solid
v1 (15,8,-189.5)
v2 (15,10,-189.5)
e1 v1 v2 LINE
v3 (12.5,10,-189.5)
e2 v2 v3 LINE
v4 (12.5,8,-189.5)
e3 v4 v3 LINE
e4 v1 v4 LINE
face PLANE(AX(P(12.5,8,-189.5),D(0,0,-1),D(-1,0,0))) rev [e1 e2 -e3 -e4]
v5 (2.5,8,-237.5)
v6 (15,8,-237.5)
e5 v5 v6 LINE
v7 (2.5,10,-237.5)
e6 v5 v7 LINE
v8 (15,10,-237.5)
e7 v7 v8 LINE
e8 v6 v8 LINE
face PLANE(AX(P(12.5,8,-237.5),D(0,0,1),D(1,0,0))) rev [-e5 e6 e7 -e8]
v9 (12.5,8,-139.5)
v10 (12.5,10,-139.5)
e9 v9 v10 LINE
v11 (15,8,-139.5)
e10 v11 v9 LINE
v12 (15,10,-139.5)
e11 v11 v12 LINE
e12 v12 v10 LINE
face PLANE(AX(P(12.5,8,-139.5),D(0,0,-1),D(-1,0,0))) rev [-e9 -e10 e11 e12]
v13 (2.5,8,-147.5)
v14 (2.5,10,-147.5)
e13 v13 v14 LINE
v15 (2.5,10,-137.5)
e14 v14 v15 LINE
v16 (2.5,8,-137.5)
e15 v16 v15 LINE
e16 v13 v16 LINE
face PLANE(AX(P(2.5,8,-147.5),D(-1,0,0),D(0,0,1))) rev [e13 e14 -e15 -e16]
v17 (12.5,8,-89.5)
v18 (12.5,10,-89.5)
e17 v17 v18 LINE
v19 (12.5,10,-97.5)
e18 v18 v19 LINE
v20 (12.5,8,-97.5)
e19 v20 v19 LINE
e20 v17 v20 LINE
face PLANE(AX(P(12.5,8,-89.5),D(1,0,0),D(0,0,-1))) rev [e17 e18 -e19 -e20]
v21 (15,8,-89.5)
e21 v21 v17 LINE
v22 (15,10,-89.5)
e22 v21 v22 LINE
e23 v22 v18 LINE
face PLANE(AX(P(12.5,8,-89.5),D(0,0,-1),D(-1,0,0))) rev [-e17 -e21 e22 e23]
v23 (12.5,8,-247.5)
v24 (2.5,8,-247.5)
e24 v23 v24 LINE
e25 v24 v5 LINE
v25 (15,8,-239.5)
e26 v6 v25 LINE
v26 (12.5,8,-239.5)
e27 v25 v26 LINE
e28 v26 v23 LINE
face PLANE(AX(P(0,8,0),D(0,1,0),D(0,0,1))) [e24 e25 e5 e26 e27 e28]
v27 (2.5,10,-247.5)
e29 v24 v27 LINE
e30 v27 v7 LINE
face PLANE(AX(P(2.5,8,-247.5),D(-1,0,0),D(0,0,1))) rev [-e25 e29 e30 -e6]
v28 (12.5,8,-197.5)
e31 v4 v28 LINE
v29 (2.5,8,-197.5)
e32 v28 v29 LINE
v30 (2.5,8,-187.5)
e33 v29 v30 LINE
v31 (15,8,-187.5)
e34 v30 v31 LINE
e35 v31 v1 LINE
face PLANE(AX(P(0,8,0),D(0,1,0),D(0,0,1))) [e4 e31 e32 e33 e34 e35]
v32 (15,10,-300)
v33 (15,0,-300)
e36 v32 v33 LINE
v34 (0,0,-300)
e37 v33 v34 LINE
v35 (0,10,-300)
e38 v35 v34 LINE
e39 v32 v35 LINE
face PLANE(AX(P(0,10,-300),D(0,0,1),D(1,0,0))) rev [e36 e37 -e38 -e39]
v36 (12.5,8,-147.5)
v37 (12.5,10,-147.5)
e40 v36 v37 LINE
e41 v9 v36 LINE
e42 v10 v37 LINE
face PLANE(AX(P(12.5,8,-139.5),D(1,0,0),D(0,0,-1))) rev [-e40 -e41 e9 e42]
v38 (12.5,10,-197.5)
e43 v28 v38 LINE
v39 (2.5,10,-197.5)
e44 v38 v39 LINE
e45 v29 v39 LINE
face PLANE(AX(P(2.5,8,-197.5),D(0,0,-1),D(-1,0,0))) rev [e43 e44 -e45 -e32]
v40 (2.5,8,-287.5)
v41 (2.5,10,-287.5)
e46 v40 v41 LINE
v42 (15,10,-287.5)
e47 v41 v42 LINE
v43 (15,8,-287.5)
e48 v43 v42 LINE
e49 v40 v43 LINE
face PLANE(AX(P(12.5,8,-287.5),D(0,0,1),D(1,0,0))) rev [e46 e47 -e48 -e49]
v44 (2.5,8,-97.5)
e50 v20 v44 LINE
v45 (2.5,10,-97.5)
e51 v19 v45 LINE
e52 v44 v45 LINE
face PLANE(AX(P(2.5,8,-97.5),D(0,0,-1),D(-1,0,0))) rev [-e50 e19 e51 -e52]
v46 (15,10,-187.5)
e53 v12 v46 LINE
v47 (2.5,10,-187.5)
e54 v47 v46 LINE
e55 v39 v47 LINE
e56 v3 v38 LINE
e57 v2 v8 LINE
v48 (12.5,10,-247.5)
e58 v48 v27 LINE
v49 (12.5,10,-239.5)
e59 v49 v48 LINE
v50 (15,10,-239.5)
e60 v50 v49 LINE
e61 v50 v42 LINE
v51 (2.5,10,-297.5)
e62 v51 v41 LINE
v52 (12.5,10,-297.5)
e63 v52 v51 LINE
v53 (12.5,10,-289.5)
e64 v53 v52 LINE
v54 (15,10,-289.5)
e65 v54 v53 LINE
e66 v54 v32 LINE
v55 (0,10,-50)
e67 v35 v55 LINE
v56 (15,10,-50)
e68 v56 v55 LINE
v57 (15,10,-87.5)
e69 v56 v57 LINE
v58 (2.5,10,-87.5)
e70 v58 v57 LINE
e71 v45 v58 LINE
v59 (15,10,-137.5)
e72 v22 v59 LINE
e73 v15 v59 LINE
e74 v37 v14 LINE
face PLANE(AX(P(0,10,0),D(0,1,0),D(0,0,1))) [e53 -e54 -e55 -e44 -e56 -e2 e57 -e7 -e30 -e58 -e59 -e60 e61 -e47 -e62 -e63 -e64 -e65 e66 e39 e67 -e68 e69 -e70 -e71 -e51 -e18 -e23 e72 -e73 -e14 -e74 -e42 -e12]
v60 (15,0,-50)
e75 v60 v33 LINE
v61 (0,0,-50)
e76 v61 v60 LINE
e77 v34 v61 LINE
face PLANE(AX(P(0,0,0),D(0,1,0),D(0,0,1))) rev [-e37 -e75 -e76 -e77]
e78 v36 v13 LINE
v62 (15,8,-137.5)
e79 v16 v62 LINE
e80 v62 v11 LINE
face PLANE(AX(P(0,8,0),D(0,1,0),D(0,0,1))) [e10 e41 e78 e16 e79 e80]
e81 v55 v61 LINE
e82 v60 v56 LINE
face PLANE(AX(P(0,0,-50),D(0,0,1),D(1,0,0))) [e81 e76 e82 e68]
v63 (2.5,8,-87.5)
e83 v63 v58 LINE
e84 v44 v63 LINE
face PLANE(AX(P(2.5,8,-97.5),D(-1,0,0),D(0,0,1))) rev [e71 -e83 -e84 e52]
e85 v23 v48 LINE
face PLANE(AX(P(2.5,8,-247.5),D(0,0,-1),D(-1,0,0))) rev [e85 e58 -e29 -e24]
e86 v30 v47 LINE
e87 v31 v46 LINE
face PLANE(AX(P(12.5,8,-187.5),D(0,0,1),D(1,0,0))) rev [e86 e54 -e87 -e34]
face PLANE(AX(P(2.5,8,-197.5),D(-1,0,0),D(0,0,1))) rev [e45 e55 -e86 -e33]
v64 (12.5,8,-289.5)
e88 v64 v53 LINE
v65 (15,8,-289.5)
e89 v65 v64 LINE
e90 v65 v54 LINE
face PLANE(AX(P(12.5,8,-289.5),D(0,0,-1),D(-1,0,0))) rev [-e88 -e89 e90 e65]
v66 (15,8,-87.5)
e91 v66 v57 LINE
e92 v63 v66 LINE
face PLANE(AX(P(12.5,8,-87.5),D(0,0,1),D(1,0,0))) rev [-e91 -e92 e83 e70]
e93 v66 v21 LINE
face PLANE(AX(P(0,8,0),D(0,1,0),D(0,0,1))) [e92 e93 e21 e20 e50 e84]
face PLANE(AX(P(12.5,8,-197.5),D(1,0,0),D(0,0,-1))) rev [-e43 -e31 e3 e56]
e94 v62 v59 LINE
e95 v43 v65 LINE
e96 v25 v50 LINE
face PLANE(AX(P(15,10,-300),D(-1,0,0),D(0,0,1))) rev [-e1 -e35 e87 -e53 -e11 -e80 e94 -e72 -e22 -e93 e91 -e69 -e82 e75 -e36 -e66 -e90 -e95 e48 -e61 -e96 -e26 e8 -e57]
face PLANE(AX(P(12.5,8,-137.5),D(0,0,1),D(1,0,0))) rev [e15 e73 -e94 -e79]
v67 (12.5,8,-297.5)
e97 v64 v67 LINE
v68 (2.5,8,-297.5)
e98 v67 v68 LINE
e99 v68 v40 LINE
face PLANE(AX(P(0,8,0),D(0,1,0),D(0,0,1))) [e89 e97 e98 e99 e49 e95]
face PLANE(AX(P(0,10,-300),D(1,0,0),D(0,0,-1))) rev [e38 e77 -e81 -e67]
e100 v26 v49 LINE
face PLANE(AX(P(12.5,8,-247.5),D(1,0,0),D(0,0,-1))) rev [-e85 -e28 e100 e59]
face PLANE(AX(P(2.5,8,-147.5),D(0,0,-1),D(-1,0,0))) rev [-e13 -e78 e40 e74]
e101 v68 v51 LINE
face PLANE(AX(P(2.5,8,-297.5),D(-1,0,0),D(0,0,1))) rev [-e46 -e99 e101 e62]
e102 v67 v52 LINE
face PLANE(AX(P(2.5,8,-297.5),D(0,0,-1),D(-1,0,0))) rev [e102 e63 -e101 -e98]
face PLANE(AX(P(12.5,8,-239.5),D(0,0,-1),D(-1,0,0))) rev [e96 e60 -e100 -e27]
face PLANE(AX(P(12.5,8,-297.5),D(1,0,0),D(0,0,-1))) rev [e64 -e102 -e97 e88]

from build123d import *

# Parameters (mm, degrees)
SKETCH1_W           = 15
SKETCH1_H           = 300
BOSS_EXTRUDE1_DEPTH = 10
CUT_EXTRUDE2_DEPTH  = 2
CUT_EXTRUDE3_DEPTH  = 2
CUT_EXTRUDE4_DEPTH  = 2
CUT_EXTRUDE5_DEPTH  = 2
CUT_EXTRUDE6_DEPTH  = 2
SKETCH8_W           = 15
SKETCH8_H           = 10
CUT_EXTRUDE7_DEPTH  = 50


with BuildPart() as part:
    # Sketch1 → Boss-Extrude1 (new body)
    with BuildSketch(Plane(origin=(0, 0, 0), x_dir=(1, 0, 0), z_dir=(0, 1, 0))):
        with Locations((7.5, 150)):
            Rectangle(SKETCH1_W, SKETCH1_H)
    extrude(amount=BOSS_EXTRUDE1_DEPTH)

    # Sketch2 → Cut-Extrude2 (cut)
    with BuildSketch(Plane(origin=(0, 10, 0), x_dir=(1, 0, 0), z_dir=(0, 1, 0))):
        Polygon((2.5, 297.5), (12.5, 297.5), (12.5, 289.5), (15, 289.5), (15, 287.5), (12.5, 287.5), (2.5, 287.5), align=None)
    extrude(amount=-CUT_EXTRUDE2_DEPTH, mode=Mode.SUBTRACT)

    # Sketch3 → Cut-Extrude3 (cut)
    with BuildSketch(Plane(origin=(0, 10, 0), x_dir=(1, 0, 0), z_dir=(0, 1, 0))):
        Polygon((2.5, 247.5), (12.5, 247.5), (12.5, 239.5), (15, 239.5), (15, 237.5), (12.5, 237.5), (2.5, 237.5), align=None)
    extrude(amount=-CUT_EXTRUDE3_DEPTH, mode=Mode.SUBTRACT)

    # Sketch4 → Cut-Extrude4 (cut)
    with BuildSketch(Plane(origin=(0, 10, 0), x_dir=(1, 0, 0), z_dir=(0, 1, 0))):
        Polygon((12.5, 187.5), (15, 187.5), (15, 189.5), (12.5, 189.5), (12.5, 197.5), (2.5, 197.5), (2.5, 187.5), align=None)
    extrude(amount=-CUT_EXTRUDE4_DEPTH, mode=Mode.SUBTRACT)

    # Sketch5 → Cut-Extrude5 (cut)
    with BuildSketch(Plane(origin=(0, 10, 0), x_dir=(1, 0, 0), z_dir=(0, 1, 0))):
        Polygon((12.5, 137.5), (15, 137.5), (15, 139.5), (12.5, 139.5), (12.5, 147.5), (2.5, 147.5), (2.5, 137.5), align=None)
    extrude(amount=-CUT_EXTRUDE5_DEPTH, mode=Mode.SUBTRACT)

    # Sketch6 → Cut-Extrude6 (cut)
    with BuildSketch(Plane(origin=(0, 10, 0), x_dir=(1, 0, 0), z_dir=(0, 1, 0))):
        Polygon((12.5, 87.5), (15, 87.5), (15, 89.5), (12.5, 89.5), (12.5, 97.5), (2.5, 97.5), (2.5, 87.5), align=None)
    extrude(amount=-CUT_EXTRUDE6_DEPTH, mode=Mode.SUBTRACT)

    # Sketch8 → Cut-Extrude7 (cut)
    with BuildSketch(Plane.XY):
        with Locations((7.5, 5)):
            Rectangle(SKETCH8_W, SKETCH8_H)
    extrude(amount=-CUT_EXTRUDE7_DEPTH, mode=Mode.SUBTRACT)


solid = part.part
